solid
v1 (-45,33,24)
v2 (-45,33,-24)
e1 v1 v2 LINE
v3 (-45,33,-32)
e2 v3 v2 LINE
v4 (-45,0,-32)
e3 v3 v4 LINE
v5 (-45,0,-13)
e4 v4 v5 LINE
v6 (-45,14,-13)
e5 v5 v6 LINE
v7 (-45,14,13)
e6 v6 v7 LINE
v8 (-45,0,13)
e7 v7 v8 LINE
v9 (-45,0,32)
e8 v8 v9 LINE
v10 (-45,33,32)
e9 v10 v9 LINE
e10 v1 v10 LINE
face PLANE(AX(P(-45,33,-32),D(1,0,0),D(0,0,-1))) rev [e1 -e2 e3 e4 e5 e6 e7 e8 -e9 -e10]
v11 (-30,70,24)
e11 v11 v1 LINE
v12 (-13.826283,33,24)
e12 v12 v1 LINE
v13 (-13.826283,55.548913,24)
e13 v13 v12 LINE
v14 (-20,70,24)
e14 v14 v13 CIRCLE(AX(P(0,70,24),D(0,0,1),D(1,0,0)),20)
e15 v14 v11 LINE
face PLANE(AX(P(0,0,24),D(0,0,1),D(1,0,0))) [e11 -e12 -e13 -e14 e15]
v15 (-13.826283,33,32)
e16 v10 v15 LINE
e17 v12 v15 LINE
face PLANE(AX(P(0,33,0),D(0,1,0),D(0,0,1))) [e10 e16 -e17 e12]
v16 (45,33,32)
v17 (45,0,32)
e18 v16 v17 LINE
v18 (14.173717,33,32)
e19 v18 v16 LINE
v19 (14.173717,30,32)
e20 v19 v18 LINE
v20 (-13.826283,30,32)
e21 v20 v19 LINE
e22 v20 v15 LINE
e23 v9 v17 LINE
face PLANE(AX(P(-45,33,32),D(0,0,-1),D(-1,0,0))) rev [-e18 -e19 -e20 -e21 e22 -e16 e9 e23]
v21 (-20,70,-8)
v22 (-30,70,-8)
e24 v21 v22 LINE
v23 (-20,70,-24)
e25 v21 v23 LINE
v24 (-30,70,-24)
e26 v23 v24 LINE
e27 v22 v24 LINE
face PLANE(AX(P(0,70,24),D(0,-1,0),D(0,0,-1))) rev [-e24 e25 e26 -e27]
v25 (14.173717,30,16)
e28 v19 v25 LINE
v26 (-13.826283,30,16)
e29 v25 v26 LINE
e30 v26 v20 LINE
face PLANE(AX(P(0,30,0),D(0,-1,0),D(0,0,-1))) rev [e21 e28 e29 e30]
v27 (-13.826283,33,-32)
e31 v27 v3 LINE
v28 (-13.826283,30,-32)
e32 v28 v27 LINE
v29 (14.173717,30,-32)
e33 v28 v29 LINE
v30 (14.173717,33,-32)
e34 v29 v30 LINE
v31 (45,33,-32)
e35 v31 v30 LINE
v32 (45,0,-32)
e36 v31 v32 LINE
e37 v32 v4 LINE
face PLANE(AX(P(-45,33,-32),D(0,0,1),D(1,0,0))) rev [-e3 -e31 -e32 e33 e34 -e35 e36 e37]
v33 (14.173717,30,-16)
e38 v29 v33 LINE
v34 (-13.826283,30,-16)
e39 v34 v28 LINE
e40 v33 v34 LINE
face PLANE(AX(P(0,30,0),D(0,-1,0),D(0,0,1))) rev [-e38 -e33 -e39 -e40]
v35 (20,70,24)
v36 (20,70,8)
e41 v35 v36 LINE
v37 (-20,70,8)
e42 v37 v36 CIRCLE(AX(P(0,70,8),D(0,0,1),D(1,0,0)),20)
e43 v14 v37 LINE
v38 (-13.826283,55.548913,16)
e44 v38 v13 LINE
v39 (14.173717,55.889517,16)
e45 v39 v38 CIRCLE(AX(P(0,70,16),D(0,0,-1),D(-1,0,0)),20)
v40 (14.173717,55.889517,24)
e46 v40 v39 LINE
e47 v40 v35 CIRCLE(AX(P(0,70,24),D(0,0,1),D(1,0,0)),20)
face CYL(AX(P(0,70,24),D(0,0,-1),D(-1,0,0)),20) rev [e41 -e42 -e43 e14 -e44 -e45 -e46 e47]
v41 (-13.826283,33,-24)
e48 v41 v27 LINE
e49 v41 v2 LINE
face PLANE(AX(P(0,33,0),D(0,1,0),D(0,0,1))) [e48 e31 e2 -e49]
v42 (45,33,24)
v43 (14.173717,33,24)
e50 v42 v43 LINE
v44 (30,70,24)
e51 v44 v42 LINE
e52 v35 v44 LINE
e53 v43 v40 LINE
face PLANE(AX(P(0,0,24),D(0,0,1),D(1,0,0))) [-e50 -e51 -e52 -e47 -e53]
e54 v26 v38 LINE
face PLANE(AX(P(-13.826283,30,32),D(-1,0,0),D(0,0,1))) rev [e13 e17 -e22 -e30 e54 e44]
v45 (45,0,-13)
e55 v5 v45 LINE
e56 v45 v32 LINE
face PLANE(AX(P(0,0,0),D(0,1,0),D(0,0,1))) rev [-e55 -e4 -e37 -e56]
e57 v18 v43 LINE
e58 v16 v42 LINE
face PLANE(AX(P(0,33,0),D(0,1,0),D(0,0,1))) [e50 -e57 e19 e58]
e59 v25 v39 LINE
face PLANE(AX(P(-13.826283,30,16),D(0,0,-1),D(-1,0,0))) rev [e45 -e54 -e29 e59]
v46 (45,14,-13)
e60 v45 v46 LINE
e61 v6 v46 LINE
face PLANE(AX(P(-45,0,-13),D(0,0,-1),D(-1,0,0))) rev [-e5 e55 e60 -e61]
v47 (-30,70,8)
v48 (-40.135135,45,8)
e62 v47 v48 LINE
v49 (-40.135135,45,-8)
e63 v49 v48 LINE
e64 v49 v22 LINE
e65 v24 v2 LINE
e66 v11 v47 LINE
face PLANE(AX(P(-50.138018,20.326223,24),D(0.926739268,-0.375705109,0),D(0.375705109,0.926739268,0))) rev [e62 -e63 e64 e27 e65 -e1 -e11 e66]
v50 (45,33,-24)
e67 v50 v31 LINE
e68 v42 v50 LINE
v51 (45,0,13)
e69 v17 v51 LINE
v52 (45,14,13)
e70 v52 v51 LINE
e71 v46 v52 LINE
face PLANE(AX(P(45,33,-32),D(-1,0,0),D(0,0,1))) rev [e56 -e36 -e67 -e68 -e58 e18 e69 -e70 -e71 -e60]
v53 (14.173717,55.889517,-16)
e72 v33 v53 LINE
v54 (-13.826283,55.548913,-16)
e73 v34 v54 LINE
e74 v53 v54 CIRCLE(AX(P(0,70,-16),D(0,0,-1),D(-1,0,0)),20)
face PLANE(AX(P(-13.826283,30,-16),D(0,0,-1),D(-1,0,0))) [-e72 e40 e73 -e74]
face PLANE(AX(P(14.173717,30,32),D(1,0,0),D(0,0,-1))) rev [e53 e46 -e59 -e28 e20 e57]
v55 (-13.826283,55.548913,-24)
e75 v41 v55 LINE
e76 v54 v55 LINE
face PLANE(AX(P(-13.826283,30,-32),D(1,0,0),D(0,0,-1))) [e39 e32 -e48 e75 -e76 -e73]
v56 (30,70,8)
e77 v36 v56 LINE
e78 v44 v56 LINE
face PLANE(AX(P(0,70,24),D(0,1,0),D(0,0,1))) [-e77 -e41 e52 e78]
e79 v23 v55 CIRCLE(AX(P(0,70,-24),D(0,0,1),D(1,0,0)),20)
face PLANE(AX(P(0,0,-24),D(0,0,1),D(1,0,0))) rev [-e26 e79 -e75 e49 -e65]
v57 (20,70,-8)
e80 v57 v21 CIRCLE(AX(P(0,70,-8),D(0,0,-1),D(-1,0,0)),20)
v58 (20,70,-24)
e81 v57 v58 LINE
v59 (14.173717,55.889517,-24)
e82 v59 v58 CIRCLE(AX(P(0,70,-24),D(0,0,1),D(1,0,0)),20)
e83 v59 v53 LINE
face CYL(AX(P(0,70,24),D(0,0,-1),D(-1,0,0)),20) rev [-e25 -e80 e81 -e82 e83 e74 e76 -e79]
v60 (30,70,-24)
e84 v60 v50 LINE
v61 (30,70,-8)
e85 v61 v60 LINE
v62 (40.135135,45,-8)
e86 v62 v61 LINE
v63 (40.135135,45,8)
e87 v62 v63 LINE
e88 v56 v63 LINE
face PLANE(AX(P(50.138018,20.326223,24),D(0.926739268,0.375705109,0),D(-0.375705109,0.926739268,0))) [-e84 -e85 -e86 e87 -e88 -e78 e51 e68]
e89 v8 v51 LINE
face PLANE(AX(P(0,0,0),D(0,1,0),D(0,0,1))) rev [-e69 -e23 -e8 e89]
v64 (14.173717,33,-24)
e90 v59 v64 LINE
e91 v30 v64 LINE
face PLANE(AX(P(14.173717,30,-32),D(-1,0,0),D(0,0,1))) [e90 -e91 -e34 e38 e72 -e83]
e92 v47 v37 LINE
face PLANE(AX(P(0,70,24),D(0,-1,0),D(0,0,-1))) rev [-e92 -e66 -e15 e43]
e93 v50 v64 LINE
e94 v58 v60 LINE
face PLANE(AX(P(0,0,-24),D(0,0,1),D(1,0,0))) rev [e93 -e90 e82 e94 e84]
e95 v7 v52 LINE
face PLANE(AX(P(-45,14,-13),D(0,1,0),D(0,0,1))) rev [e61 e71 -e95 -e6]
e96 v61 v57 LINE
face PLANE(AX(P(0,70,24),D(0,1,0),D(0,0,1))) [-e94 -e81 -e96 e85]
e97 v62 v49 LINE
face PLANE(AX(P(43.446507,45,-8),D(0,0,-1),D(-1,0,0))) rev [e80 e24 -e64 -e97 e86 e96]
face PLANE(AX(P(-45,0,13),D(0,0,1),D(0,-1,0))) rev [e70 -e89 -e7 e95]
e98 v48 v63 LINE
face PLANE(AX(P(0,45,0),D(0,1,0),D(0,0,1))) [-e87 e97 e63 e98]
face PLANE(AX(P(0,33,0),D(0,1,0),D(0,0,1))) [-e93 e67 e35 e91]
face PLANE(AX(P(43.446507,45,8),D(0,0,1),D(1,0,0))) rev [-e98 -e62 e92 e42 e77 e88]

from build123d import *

# Parameters (mm, degrees)
SKETCH1_W           = 90
SKETCH1_H           = 64
BOSS_EXTRUDE1_DEPTH = 33
SKETCH2_W           = 26
SKETCH2_H           = 14
CUT_EXTRUDE1_DEPTH  = 102.05938848
BOSS_EXTRUDE2_DEPTH = 24
SKETCH4_W           = 86.893013234
SKETCH4_H           = 16
CUT_EXTRUDE2_DEPTH  = 25
SKETCH6_W           = 28
SKETCH6_H           = 16
CUT_EXTRUDE3_DEPTH  = 40


with BuildPart() as part:
    # Sketch1 → Boss-Extrude1 (new body)
    with BuildSketch(Plane(origin=(0, 0, 0), x_dir=(1, 0, 0), z_dir=(0, 1, 0))):
        Rectangle(SKETCH1_W, SKETCH1_H)
    extrude(amount=BOSS_EXTRUDE1_DEPTH)

    # Sketch2 → Cut-Extrude1 (cut, through all)
    with BuildSketch(Plane(origin=(45, 0, 0), x_dir=(0, 0, -1), z_dir=(1, 0, 0))):
        with Locations((0, 7)):
            Rectangle(SKETCH2_W, SKETCH2_H)
    extrude(amount=-CUT_EXTRUDE1_DEPTH, mode=Mode.SUBTRACT)

    # Sketch3 → Boss-Extrude2 (add, symmetric)
    with BuildSketch(Plane.XY):
        with BuildLine():
            Line((0, 50), (0, 33))
            Line((0, 33), (45, 33))
            Line((45, 33), (30, 70))
            Line((30, 70), (20, 70))
            ThreePointArc((20, 70), (14.142135624, 55.857864376), (0, 50))
        make_face()
    boss_extrude2 = extrude(amount=BOSS_EXTRUDE2_DEPTH, both=True)

    # Mirror2: Boss-Extrude2 across plane
    add(boss_extrude2.mirror(Plane(origin=(0, 0, 0), x_dir=(0, 0, 1), z_dir=(1, 0, 0))))

    # Sketch4 → Cut-Extrude2 (cut)
    with BuildSketch(Plane(origin=(0, 70, 0), x_dir=(1, 0, 0), z_dir=(0, 1, 0))):
        Rectangle(SKETCH4_W, SKETCH4_H)
    extrude(amount=-CUT_EXTRUDE2_DEPTH, mode=Mode.SUBTRACT)

    # Sketch6 → Cut-Extrude3 (cut)
    with BuildSketch(Plane(origin=(0, 70, 0), x_dir=(1, 0, 0), z_dir=(0, 1, 0))):
        with Locations((0.173717363, -24)):
            Rectangle(SKETCH6_W, SKETCH6_H)
    cut_extrude3 = extrude(amount=-CUT_EXTRUDE3_DEPTH, mode=Mode.SUBTRACT)

    # Mirror3: Cut-Extrude3 across plane
    add(cut_extrude3.mirror(Plane.XY), mode=Mode.SUBTRACT)


solid = part.part
